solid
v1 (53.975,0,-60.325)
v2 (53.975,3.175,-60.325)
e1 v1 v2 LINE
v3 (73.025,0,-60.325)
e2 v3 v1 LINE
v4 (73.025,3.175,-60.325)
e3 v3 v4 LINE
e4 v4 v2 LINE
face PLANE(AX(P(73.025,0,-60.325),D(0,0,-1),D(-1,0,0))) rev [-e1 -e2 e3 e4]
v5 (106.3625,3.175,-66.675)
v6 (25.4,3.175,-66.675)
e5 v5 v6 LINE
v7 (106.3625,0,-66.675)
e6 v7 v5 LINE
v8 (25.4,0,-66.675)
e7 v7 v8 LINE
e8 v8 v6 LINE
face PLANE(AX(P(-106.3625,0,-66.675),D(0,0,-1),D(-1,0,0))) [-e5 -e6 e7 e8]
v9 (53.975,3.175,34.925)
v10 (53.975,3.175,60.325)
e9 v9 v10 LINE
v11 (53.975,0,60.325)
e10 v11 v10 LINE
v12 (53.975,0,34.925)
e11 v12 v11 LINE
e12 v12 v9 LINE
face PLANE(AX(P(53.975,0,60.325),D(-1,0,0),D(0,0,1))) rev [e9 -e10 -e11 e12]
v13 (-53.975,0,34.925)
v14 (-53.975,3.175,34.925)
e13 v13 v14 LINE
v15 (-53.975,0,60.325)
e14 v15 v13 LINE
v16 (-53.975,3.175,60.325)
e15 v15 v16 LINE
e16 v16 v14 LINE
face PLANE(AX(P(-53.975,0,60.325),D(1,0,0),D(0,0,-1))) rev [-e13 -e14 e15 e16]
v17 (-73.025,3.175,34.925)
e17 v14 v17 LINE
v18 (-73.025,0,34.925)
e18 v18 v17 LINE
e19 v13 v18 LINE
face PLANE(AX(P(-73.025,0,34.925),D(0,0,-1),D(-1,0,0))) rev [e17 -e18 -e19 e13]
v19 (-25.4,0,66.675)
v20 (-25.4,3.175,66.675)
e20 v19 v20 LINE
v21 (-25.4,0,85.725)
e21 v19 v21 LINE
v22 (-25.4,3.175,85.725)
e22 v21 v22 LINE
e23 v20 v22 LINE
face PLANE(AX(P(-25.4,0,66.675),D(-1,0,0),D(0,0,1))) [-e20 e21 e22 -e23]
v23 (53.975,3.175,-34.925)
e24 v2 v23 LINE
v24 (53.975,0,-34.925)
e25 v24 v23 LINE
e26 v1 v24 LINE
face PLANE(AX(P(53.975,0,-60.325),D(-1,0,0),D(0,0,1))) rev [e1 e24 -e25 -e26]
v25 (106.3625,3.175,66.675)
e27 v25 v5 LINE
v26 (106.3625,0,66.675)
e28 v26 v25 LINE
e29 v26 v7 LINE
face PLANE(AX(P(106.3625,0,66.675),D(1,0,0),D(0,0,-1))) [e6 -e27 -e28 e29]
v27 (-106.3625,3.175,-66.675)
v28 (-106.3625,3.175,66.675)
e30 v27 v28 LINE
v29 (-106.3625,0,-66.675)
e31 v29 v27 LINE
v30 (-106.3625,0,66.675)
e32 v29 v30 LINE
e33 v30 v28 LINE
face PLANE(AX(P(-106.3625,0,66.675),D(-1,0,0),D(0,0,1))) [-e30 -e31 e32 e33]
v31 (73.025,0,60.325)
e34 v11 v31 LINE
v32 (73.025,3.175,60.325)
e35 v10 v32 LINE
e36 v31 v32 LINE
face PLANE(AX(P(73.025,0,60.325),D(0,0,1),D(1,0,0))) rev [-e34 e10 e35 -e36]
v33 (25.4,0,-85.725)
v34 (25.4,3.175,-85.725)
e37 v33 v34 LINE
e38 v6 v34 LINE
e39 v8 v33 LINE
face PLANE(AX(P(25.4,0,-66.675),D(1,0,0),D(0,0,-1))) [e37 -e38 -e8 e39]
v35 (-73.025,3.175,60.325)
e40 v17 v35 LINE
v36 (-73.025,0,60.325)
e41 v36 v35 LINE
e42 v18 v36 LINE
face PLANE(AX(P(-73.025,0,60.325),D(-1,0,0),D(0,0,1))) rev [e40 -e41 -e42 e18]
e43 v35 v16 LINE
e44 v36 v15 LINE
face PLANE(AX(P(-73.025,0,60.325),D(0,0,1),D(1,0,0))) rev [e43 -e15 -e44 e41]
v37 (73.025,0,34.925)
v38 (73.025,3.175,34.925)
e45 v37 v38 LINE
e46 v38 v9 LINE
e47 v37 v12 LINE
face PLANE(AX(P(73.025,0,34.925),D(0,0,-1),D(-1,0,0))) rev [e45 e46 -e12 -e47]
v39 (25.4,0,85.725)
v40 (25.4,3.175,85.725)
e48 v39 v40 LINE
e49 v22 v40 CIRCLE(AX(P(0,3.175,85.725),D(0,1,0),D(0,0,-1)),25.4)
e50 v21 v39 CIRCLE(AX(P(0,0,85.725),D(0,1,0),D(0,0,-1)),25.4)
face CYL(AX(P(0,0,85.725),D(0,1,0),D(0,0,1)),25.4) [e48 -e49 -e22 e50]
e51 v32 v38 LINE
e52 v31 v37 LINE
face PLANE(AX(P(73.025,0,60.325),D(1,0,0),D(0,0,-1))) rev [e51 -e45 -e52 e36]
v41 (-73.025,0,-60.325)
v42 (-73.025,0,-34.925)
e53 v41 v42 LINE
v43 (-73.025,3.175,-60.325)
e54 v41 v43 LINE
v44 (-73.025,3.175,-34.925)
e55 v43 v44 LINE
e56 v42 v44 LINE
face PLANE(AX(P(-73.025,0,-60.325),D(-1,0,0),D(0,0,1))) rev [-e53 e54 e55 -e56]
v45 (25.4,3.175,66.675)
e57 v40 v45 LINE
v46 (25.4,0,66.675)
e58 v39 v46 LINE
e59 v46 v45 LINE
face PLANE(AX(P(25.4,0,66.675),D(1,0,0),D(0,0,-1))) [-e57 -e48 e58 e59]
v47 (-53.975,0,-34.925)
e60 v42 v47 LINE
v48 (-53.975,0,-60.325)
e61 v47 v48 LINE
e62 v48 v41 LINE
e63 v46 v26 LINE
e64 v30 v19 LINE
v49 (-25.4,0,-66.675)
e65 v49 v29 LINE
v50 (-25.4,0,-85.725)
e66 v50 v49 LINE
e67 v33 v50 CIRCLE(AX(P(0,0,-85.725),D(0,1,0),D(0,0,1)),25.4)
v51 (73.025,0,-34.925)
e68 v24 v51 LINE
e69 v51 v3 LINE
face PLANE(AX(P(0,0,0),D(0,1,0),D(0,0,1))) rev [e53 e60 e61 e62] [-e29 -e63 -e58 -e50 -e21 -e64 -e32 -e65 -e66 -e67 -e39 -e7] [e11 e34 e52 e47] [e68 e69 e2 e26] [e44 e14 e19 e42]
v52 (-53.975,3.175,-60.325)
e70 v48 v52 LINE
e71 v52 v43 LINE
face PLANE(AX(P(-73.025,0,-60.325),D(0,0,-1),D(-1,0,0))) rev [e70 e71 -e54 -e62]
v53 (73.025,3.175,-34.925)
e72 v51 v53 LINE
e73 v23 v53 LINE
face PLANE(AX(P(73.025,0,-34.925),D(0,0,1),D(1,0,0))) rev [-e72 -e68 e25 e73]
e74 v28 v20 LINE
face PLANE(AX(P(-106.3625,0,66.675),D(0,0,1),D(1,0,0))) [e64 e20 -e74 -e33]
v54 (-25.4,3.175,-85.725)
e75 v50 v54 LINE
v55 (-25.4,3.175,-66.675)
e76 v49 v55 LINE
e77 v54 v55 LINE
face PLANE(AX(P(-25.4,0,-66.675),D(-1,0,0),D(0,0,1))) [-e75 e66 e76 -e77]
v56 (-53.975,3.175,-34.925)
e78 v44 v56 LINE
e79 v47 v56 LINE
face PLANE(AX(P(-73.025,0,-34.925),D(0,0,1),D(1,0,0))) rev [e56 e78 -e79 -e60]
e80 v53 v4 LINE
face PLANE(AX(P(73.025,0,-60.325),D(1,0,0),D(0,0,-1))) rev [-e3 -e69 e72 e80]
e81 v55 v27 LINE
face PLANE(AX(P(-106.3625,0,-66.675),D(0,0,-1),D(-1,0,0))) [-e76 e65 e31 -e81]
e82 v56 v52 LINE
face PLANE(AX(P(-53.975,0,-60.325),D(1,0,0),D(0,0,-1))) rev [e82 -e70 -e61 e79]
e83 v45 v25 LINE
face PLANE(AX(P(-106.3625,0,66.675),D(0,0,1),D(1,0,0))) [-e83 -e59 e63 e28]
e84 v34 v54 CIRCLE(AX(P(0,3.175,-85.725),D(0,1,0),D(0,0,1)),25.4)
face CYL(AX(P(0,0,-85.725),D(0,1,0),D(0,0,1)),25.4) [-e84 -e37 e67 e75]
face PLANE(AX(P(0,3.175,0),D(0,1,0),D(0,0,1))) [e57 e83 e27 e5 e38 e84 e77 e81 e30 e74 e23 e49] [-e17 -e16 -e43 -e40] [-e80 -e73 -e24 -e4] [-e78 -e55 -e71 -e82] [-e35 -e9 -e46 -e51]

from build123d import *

# Parameters (mm, degrees)
SKETCH1_R           = 137.941576563
EXTRUDE1_DEPTH      = 3.175
SKETCH2_W           = 19.05
SKETCH2_H           = 25.4
EXTRUDE2_DEPTH      = 4.175
SKETCH3_OUTSIDE_W   = 355.918
SKETCH3_OUTSIDE_H   = 355.918
SKETCH3_OUTSIDE_W_2 = 212.725
SKETCH3_OUTSIDE_H_2 = 133.35
EXTRUDE3_DEPTH      = 4.175
EXTRUDE4_DEPTH      = 3.175


with BuildPart() as part:
    # Sketch1 → Extrude1 (new body)
    with BuildSketch(Plane(origin=(0, 0, 0), x_dir=(1, 0, 0), z_dir=(0, 1, 0))):
        with Locations(Location((0, 0, 0), (0, 0, 270))):  # turned: the seam where the file's is
            Circle(SKETCH1_R)
    extrude(amount=EXTRUDE1_DEPTH)

    # Sketch2 → Extrude2 (cut, through all)
    with BuildSketch(Plane(origin=(0, 3.175, 0), x_dir=(-1, 0, 0), z_dir=(0, 1, 0))):
        with Locations((63.5, -47.625)):
            Rectangle(SKETCH2_W, SKETCH2_H)
        with Locations((63.5, 47.625)):
            Rectangle(SKETCH2_W, SKETCH2_H)
        with Locations((-63.5, 47.625)):
            Rectangle(SKETCH2_W, SKETCH2_H)
        with Locations((-63.5, -47.625)):
            Rectangle(SKETCH2_W, SKETCH2_H)
    extrude(amount=-EXTRUDE2_DEPTH, mode=Mode.SUBTRACT)

    # Sketch3 outside → Extrude3 (cut, through all)
    with BuildSketch(Plane(origin=(0, 3.175, 0), x_dir=(1, 0, 0), z_dir=(0, 1, 0))):
        Rectangle(SKETCH3_OUTSIDE_W, SKETCH3_OUTSIDE_H)
        Rectangle(SKETCH3_OUTSIDE_W_2, SKETCH3_OUTSIDE_H_2, mode=Mode.SUBTRACT)
    extrude(amount=-EXTRUDE3_DEPTH, mode=Mode.SUBTRACT)

    # Sketch4 → Extrude4 (add, through all)
    with BuildSketch(Plane(origin=(0, 3.175, 0), x_dir=(-1, 0, 0), z_dir=(0, 1, 0))):
        with BuildLine():
            Line((-25.4, -66.675), (25.4, -66.675))
            Line((25.4, -66.675), (25.4, -85.725))
            ThreePointArc((25.4, -85.725), (0, -111.125), (-25.4, -85.725))
            Line((-25.4, -85.725), (-25.4, -66.675))
        make_face()
        with BuildLine():
            Line((25.4, 66.675), (25.4, 85.725))
            ThreePointArc((25.4, 85.725), (0, 111.125), (-25.4, 85.725))
            Line((-25.4, 85.725), (-25.4, 66.675))
            Line((-25.4, 66.675), (25.4, 66.675))
        make_face()
    extrude(amount=-EXTRUDE4_DEPTH)


solid = part.part
